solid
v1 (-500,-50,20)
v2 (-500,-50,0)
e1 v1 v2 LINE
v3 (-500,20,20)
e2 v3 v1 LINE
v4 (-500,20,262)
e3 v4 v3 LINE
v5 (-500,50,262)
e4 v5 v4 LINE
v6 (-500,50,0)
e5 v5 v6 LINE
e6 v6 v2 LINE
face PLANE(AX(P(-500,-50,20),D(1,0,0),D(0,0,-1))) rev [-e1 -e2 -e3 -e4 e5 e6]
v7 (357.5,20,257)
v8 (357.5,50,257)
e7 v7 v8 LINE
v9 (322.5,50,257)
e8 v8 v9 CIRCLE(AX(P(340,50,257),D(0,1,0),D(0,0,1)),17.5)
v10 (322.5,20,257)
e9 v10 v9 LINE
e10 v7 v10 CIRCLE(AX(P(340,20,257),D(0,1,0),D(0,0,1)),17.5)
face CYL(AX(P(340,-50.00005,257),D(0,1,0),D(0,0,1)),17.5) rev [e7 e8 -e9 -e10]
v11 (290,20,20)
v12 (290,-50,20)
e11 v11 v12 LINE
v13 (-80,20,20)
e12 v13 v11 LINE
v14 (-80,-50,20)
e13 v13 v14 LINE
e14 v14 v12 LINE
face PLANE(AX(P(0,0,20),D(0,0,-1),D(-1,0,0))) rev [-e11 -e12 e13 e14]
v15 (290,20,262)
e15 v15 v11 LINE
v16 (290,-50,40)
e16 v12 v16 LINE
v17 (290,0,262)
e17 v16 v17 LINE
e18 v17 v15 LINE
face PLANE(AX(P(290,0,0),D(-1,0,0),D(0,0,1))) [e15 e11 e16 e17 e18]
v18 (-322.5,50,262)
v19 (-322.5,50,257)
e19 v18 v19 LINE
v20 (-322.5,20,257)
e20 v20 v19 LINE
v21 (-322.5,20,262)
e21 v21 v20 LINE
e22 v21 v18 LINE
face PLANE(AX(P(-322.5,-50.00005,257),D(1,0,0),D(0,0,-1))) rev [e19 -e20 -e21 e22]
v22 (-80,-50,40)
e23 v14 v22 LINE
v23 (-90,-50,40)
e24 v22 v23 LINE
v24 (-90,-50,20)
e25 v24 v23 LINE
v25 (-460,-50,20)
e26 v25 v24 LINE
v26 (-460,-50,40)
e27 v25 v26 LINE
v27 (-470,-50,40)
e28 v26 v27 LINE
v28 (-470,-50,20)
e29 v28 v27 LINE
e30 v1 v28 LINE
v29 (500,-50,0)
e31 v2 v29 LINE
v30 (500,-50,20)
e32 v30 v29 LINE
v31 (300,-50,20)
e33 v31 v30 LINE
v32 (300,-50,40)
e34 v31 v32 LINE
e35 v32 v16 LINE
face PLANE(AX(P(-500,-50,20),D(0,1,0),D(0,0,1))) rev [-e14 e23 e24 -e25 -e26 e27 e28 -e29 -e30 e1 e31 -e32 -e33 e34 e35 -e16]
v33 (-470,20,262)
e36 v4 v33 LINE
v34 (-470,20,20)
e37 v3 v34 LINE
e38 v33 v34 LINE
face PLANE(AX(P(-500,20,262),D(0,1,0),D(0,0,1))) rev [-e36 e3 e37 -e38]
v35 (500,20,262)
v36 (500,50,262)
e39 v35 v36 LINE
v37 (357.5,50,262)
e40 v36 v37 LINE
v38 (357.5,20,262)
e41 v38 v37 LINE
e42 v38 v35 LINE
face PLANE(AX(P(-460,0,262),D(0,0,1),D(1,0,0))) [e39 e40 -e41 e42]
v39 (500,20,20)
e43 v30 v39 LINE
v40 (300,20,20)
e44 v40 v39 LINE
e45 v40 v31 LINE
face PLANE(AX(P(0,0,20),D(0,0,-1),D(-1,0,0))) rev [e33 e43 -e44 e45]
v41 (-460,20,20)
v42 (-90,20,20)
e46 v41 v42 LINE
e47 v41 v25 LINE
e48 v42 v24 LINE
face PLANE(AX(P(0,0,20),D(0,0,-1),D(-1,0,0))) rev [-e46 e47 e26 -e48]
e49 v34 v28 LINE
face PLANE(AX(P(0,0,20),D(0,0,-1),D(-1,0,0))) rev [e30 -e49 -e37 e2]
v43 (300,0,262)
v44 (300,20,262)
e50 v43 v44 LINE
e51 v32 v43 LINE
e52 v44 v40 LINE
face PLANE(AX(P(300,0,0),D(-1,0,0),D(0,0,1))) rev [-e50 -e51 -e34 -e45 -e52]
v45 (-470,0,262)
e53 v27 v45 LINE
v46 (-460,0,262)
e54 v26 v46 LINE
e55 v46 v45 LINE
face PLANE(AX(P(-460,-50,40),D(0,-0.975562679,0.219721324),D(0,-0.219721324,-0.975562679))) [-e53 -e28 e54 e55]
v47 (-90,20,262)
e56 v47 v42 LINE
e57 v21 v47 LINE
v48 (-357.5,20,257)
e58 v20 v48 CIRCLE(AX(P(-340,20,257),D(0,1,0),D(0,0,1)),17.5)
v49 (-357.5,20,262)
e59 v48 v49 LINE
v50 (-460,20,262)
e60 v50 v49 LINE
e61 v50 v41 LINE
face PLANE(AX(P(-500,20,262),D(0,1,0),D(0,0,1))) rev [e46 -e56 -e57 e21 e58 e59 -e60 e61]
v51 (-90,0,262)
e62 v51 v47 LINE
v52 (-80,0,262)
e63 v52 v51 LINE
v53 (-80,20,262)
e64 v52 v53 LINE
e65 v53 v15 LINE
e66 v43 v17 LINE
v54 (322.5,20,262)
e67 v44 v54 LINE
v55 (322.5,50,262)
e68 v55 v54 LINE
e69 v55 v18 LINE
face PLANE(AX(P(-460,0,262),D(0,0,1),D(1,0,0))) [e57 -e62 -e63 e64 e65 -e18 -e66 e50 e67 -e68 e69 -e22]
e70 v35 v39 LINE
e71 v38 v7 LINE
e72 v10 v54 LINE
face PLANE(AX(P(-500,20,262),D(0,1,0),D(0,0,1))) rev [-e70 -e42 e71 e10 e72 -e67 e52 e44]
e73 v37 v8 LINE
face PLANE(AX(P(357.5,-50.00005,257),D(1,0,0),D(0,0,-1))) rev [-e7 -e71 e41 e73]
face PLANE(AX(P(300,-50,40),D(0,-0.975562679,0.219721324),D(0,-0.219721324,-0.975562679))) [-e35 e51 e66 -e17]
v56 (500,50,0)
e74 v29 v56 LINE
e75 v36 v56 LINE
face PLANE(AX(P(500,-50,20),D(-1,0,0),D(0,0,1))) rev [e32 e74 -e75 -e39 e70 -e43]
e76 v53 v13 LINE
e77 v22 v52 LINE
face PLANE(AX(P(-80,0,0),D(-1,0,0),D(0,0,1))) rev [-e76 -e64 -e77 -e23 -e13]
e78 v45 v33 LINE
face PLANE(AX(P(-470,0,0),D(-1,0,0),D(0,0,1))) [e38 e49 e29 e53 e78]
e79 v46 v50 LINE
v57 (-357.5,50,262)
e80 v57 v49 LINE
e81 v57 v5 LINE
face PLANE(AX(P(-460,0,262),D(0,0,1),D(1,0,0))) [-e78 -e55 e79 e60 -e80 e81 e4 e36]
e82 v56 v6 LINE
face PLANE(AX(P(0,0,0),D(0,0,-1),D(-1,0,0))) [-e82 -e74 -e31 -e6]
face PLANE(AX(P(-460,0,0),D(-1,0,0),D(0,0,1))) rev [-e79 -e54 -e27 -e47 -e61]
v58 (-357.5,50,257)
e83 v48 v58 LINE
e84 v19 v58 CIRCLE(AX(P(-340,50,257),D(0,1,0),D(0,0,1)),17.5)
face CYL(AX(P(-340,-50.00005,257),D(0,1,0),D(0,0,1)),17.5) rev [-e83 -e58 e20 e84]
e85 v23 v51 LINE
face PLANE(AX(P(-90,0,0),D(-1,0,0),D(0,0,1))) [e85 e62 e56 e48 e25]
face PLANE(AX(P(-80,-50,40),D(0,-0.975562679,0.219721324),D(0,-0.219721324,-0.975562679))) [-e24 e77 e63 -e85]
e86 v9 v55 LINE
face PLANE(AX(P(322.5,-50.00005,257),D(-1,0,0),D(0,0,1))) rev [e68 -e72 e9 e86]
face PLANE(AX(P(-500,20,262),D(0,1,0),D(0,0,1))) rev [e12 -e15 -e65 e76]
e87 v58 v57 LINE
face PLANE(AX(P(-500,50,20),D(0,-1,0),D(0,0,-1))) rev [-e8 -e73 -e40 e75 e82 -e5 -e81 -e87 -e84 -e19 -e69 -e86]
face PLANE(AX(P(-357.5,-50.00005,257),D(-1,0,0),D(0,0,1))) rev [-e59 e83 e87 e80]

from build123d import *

# Parameters (mm, degrees)
SKETCH_1_W             = 1000
SKETCH_1_H             = 100
EXTRUDE_1_DEPTH        = 20
SKETCH_2_W             = 1000
SKETCH_2_H             = 30
EXTRUDE_2_DEPTH        = 242
EXTRUDE_START          = -30
EXTRUDE_3_DEPTH        = 10
PATTERN_LINEAR_1_COUNT = 3
PATTERN_LINEAR_1_PITCH = 380
CUT_EXTRUDE_1_DEPTH    = 574.274803214


with BuildPart() as part:
    # 草图1 → 凸台-拉伸1 (new body)
    with BuildSketch(Plane.XY):
        Rectangle(SKETCH_1_W, SKETCH_1_H)
    extrude(amount=EXTRUDE_1_DEPTH)



with BuildPart() as body_2:
    # 草图2 → 凸台-拉伸2 (new body)
    with BuildSketch(Plane.XY.offset(20)):
        with Locations((0, 35)):
            Rectangle(SKETCH_2_W, SKETCH_2_H)
    extrude(amount=EXTRUDE_2_DEPTH)


with BuildPart() as part_1:
    add(part.part)

    add(body_2.part)  # 凸台-拉伸3 merges body 2
    # 草图3 → 凸台-拉伸3 (add)
    with BuildSketch(Plane.ZY.offset(500).offset(EXTRUDE_START)):
        Polygon((262, 20), (20, 20), (20, -50), (40, -50), (262, 0), align=None)
    extrude_3 = extrude(amount=-EXTRUDE_3_DEPTH)

    # 阵列(线性)1: 凸台-拉伸3 ×3
    with Locations(*[(i * PATTERN_LINEAR_1_PITCH, 0, 0) for i in range(1, PATTERN_LINEAR_1_COUNT)]):
        add(extrude_3)

    # 草图5 → 切除-拉伸1 (cut, through all)
    with BuildSketch(Plane(origin=(0, 50, 0), x_dir=(1, 0, 0), z_dir=(0, 1, 0))):
        with BuildLine():
            Line((357.5, -256.999999998), (357.5, -337.435999102))
            ThreePointArc((357.5, -337.435999102), (340, -354.935999102), (322.5, -337.435999102))
            Line((322.5, -337.435999102), (322.5, -256.999999998))
            ThreePointArc((322.5, -256.999999998), (340, -239.499999998), (357.5, -256.999999998))
        make_face()
        with BuildLine():
            Line((-322.5, -257), (-322.5, -349.000883912))
            ThreePointArc((-322.5, -349.000883912), (-340, -366.500883912), (-357.5, -349.000883912))
            Line((-357.5, -349.000883912), (-357.5, -257))
            ThreePointArc((-357.5, -257), (-340, -239.5), (-322.5, -257))
        make_face()
    extrude(amount=-CUT_EXTRUDE_1_DEPTH, mode=Mode.SUBTRACT)


solid = part_1.part
